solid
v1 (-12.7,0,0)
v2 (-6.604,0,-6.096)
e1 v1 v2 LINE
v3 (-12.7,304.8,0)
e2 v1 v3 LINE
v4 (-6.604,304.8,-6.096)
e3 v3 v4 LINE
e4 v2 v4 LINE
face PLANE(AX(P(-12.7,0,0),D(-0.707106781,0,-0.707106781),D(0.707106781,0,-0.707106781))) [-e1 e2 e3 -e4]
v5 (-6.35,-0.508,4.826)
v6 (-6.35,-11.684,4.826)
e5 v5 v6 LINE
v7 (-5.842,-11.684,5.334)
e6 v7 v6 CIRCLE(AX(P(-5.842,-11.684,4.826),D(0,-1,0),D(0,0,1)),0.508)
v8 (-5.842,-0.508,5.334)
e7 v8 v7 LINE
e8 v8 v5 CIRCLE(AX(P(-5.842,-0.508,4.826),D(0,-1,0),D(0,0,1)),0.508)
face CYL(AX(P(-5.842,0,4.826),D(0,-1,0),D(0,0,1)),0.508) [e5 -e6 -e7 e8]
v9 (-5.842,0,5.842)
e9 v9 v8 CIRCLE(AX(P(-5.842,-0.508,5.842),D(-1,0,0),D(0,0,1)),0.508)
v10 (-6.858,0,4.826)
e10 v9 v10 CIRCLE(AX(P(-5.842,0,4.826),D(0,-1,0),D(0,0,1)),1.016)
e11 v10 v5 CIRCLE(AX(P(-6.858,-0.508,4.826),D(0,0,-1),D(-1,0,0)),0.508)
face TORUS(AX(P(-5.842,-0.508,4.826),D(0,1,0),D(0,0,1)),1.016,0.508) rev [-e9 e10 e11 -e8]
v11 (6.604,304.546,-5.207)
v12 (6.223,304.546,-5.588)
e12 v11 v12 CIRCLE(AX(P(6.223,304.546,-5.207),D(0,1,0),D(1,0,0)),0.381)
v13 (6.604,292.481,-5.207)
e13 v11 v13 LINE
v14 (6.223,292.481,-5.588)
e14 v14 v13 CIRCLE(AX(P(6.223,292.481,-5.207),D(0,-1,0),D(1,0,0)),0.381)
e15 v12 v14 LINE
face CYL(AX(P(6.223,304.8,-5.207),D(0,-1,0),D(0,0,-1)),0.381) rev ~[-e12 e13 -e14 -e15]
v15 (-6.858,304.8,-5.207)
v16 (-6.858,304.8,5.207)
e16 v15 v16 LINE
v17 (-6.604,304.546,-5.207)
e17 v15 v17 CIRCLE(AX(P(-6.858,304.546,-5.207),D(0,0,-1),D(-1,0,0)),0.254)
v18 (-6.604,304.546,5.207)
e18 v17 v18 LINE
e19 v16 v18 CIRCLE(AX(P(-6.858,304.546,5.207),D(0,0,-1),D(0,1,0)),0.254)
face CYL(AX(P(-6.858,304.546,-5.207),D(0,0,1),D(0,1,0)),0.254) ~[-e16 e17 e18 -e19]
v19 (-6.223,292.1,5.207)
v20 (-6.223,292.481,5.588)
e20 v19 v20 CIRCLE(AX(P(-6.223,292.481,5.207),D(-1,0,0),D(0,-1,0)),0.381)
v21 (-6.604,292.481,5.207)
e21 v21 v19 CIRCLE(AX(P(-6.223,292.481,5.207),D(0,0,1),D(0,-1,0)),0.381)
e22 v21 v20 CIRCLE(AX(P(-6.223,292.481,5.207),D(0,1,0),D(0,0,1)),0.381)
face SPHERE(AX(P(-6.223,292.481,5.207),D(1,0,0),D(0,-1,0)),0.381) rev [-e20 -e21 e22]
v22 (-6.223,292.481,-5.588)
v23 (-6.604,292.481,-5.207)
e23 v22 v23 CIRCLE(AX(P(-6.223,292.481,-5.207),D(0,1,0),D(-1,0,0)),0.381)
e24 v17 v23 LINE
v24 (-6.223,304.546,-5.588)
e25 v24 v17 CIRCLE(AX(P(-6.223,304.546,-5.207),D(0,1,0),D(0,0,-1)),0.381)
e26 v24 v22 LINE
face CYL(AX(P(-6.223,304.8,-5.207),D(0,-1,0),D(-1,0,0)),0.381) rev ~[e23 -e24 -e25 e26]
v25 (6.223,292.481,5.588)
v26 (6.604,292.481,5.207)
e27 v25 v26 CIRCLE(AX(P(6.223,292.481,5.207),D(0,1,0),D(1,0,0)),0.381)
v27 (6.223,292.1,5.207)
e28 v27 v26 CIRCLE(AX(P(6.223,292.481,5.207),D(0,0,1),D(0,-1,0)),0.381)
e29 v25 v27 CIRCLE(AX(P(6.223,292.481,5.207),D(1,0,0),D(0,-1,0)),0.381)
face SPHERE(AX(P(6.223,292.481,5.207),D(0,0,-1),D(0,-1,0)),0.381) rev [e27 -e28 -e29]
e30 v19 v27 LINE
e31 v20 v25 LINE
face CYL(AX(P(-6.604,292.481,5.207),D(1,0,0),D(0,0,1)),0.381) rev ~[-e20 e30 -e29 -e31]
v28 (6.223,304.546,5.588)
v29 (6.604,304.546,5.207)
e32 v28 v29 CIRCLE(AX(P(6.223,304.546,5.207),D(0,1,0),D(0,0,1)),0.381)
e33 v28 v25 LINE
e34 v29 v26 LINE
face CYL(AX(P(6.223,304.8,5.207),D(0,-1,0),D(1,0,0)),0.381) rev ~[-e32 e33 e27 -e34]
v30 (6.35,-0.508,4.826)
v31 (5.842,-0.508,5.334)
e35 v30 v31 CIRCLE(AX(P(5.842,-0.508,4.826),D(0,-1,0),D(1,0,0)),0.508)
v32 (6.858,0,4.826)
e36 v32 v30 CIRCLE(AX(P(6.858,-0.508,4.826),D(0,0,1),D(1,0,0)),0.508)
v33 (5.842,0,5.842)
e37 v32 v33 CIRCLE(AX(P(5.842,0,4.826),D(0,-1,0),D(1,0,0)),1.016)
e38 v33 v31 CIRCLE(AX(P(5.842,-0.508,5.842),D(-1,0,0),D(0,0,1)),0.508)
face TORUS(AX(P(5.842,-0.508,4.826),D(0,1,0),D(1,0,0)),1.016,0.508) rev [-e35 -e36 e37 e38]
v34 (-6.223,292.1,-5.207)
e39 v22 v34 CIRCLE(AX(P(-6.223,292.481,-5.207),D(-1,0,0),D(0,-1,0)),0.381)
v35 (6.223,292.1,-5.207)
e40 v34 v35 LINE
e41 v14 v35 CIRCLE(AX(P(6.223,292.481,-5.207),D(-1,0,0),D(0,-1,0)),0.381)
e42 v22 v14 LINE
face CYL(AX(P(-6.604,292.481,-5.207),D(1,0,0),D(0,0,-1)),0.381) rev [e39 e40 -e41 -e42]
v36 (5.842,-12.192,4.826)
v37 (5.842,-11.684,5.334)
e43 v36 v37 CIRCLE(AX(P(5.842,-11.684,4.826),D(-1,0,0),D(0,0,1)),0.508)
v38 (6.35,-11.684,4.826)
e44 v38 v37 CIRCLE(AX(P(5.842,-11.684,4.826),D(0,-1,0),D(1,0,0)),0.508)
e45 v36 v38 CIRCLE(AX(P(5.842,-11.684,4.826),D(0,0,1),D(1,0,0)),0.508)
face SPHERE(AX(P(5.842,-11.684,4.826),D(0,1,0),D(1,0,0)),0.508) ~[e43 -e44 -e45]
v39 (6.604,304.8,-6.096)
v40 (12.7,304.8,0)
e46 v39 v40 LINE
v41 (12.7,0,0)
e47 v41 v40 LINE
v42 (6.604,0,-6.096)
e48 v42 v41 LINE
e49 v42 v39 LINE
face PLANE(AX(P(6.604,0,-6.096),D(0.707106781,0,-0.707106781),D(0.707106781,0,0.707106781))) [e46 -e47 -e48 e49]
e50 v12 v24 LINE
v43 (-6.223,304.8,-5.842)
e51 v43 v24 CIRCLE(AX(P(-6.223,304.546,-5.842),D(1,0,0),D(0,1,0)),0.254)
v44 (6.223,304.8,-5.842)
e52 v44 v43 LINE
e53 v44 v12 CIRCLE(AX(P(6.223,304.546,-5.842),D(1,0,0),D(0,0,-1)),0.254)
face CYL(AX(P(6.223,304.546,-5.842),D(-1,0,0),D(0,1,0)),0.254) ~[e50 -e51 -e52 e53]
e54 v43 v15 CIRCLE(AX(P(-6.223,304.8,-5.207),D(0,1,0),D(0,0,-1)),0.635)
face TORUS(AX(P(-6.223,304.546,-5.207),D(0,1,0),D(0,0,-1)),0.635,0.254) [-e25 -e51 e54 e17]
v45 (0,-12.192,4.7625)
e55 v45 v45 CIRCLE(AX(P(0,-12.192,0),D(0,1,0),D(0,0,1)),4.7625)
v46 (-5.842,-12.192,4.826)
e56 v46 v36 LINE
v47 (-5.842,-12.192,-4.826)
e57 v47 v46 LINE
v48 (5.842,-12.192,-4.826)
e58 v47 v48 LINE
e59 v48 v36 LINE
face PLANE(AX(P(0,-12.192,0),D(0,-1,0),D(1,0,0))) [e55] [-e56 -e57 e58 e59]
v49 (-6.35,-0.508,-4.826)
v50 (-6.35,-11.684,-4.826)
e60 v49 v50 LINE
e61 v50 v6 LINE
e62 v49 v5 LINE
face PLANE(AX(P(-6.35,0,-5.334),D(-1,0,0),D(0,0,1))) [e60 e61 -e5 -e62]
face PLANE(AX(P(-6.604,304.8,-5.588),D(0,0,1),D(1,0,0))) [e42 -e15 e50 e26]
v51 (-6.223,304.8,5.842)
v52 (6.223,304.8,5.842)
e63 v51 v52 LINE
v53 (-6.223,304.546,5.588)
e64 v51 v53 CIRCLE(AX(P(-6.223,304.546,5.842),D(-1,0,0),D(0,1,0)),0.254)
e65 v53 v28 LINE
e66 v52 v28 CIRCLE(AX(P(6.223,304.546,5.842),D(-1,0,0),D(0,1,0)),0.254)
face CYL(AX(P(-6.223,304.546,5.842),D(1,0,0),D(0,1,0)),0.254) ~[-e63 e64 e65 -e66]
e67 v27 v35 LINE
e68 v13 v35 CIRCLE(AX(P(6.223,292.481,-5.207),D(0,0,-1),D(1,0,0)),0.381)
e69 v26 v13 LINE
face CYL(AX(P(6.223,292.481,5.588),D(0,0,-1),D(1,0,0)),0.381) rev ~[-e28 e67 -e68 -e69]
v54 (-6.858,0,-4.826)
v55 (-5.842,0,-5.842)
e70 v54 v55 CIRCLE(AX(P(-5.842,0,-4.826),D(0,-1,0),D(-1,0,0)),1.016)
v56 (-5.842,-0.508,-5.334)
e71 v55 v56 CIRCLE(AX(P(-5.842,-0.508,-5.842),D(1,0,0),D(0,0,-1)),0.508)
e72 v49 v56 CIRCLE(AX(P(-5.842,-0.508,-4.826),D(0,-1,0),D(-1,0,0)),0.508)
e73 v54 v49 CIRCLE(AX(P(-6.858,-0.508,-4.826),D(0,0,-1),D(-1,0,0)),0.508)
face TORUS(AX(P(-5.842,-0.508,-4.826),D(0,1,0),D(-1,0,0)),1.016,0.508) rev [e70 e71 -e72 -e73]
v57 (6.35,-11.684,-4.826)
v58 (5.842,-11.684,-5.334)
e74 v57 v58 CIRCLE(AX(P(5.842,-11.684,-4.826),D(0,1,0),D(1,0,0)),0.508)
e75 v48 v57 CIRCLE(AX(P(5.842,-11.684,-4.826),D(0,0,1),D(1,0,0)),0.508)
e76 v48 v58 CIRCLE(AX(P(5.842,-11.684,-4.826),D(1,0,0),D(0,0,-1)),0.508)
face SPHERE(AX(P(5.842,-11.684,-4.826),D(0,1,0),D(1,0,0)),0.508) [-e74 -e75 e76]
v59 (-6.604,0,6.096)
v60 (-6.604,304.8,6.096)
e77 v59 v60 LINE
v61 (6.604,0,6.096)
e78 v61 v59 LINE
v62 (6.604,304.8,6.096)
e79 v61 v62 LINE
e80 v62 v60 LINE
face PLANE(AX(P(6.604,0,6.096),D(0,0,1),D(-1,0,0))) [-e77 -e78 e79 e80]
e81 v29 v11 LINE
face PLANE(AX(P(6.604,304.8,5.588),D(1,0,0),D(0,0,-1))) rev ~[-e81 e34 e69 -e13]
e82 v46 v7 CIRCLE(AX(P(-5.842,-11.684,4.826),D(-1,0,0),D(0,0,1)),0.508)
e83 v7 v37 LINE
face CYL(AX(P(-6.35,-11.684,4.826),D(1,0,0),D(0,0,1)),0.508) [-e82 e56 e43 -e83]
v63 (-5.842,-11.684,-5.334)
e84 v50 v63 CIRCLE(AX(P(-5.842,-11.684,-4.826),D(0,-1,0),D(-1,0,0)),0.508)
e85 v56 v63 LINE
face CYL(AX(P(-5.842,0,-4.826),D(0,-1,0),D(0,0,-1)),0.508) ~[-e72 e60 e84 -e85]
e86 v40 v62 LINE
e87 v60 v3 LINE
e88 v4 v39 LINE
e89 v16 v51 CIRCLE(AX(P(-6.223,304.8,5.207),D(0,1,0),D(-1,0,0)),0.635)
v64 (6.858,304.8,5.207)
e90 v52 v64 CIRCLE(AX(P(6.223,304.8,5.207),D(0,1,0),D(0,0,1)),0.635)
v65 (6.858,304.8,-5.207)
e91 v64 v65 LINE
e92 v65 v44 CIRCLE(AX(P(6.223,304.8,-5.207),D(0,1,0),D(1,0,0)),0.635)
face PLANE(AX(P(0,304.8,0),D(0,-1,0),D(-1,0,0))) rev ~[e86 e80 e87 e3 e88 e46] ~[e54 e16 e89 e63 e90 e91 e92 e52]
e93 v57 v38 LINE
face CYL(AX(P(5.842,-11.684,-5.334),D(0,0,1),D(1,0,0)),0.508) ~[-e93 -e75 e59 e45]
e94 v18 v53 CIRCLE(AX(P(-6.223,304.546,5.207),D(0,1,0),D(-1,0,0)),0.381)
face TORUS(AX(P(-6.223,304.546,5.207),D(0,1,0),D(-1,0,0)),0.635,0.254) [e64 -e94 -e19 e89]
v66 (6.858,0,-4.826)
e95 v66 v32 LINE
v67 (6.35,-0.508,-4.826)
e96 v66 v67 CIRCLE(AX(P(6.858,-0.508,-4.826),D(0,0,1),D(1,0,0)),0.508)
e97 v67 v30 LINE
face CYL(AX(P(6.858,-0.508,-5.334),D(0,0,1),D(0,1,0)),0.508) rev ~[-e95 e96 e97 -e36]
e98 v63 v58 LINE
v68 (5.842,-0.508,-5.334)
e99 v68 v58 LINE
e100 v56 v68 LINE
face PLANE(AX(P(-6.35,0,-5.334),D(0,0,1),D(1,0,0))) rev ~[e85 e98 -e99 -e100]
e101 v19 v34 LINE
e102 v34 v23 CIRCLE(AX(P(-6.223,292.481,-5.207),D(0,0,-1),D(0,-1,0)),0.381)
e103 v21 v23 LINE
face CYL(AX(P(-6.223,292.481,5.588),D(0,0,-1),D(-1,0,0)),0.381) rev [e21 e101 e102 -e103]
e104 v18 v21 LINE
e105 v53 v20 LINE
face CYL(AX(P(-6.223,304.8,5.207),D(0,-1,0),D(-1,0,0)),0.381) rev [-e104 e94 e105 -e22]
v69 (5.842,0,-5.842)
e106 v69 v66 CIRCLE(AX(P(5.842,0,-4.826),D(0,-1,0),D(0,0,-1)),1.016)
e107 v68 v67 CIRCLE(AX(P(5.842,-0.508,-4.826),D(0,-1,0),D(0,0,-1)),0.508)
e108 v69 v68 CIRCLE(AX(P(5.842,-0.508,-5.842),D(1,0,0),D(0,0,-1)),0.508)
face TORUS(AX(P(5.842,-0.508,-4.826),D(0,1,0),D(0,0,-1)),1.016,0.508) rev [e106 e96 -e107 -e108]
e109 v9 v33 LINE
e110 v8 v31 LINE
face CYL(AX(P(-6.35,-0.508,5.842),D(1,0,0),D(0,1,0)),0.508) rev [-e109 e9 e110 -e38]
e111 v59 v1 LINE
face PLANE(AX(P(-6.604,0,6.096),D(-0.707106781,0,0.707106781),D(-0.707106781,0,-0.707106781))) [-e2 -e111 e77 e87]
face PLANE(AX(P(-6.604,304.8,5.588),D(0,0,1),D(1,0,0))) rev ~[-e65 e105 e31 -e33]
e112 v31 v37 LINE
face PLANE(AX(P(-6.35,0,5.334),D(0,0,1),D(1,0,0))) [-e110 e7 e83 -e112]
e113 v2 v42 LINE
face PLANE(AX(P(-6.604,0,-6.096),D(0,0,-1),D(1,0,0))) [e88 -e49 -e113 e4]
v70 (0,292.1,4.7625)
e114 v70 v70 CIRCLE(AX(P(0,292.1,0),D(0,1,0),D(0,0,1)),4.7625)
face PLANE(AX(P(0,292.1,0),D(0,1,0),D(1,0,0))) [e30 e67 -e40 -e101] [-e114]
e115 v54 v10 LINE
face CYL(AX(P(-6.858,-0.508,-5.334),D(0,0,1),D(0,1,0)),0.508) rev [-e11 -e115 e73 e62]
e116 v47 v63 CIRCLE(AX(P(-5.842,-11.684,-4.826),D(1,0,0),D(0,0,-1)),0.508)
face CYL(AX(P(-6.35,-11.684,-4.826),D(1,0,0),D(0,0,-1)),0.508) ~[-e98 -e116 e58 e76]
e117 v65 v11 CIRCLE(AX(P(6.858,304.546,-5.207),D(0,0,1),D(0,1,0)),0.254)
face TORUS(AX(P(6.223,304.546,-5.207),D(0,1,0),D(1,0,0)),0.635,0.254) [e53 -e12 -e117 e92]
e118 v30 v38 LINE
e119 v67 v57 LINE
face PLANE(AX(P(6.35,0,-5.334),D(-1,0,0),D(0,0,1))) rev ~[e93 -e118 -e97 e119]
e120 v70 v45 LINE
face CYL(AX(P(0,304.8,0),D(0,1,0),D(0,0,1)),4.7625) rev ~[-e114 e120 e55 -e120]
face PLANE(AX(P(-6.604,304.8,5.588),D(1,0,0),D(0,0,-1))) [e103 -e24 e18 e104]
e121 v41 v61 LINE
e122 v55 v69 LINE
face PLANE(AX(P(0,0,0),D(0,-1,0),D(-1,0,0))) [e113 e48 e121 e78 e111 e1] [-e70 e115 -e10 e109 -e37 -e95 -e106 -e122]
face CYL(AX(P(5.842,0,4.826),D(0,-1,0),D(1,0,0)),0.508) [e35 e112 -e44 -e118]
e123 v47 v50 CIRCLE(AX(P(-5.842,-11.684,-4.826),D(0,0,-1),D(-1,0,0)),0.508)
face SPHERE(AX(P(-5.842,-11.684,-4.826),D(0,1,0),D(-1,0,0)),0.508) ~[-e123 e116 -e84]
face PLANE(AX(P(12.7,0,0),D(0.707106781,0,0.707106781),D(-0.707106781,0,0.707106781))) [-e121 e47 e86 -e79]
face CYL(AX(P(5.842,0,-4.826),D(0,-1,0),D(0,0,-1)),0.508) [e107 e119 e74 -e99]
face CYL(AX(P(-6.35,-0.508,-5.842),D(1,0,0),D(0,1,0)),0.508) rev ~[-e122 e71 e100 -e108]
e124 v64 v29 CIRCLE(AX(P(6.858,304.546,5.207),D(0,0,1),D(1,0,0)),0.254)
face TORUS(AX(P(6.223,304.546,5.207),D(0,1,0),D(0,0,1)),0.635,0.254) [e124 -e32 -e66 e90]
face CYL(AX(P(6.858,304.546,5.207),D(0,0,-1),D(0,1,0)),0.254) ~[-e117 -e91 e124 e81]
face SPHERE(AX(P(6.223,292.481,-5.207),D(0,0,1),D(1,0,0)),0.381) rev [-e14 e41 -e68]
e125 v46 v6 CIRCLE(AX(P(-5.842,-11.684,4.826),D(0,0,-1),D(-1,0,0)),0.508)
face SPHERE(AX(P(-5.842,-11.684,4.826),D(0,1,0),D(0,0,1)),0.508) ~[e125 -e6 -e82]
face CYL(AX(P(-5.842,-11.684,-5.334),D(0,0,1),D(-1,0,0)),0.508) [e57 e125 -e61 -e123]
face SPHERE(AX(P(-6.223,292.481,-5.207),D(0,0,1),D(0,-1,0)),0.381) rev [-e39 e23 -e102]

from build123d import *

# Parameters (mm, degrees)
BOSS_EXTRUDE2_DEPTH = 304.8
SKETCH3_W           = 12.7
SKETCH3_H           = 10.668
BOSS_EXTRUDE3_DEPTH = 12.192
FILLET1_R           = 0.508
SKETCH4_R           = 4.7625
CUT_EXTRUDE1_DEPTH  = 318.304868037
SKETCH5_W           = 13.208
SKETCH5_H           = 11.176
CUT_EXTRUDE2_DEPTH  = 12.7
FILLET3_R           = 0.381
FILLET4_R           = 0.254


with BuildPart() as part:
    # Sketch2 → Boss-Extrude2 (new body)
    with BuildSketch(Plane(origin=(0, 0, 0), x_dir=(1, 0, 0), z_dir=(0, 1, 0))):
        Polygon((-6.604, 6.096), (6.604, 6.096), (12.7, 0), (6.604, -6.096), (-6.604, -6.096), (-12.7, 0), align=None)
    extrude(amount=BOSS_EXTRUDE2_DEPTH)

    # Sketch3 → Boss-Extrude3 (add)
    with BuildSketch(Plane.XZ):
        Rectangle(SKETCH3_W, SKETCH3_H)
    extrude(amount=BOSS_EXTRUDE3_DEPTH)

    # Fillet1
    fillet1_edges = [part.edges().sort_by_distance(p)[0] for p in [
        (6.35, 0, 0),
        (6.35, -6.096, -5.334),
        (0, 0, 5.334),
        (6.35, -6.096, 5.334),
        (-6.35, 0, 0),
        (-6.35, -6.096, 5.334),
        (0, 0, -5.334),
        (-6.35, -6.096, -5.334),
        (6.35, -12.192, 0),
        (0, -12.192, 5.334),
        (-6.35, -12.192, 0),
        (0, -12.192, -5.334),
    ]]
    fillet(fillet1_edges, radius=FILLET1_R)

    # Sketch4 → Cut-Extrude1 (cut, through all)
    with BuildSketch(Plane(origin=(0, 304.8, 0), x_dir=(1, 0, 0), z_dir=(0, 1, 0))):
        with Locations(Location((0, 0, 0), (0, 0, 270))):
            Circle(SKETCH4_R)
    extrude(amount=-CUT_EXTRUDE1_DEPTH, mode=Mode.SUBTRACT)

    # Sketch5 → Cut-Extrude2 (cut)
    with BuildSketch(Plane(origin=(0, 304.8, 0), x_dir=(1, 0, 0), z_dir=(0, 1, 0))):
        Rectangle(SKETCH5_W, SKETCH5_H)
    extrude(amount=-CUT_EXTRUDE2_DEPTH, mode=Mode.SUBTRACT)

    # Fillet3
    fillet3_edges = [part.edges().sort_by_distance(p)[0] for p in [
        (6.604, 292.1, 0),
        (6.604, 298.45, -5.588),
        (0, 292.1, 5.588),
        (6.604, 298.45, 5.588),
        (-6.604, 292.1, 0),
        (-6.604, 298.45, 5.588),
        (0, 292.1, -5.588),
        (-6.604, 298.45, -5.588),
    ]]
    fillet(fillet3_edges, radius=FILLET3_R)

    # Fillet4
    fillet4_edges = [part.edges().sort_by_distance(p)[0] for p in [
        (0, 304.8, 5.588),
        (-6.604, 304.8, 0),
        (6.492407684, 304.8, -5.476407684),
        (6.492407684, 304.8, 5.476407684),
        (-6.492407684, 304.8, 5.476407684),
        (-6.492407684, 304.8, -5.476407684),
        (0, 304.8, -5.588),
        (6.604, 304.8, 0),
    ]]
    fillet(fillet4_edges, radius=FILLET4_R)


solid = part.part
